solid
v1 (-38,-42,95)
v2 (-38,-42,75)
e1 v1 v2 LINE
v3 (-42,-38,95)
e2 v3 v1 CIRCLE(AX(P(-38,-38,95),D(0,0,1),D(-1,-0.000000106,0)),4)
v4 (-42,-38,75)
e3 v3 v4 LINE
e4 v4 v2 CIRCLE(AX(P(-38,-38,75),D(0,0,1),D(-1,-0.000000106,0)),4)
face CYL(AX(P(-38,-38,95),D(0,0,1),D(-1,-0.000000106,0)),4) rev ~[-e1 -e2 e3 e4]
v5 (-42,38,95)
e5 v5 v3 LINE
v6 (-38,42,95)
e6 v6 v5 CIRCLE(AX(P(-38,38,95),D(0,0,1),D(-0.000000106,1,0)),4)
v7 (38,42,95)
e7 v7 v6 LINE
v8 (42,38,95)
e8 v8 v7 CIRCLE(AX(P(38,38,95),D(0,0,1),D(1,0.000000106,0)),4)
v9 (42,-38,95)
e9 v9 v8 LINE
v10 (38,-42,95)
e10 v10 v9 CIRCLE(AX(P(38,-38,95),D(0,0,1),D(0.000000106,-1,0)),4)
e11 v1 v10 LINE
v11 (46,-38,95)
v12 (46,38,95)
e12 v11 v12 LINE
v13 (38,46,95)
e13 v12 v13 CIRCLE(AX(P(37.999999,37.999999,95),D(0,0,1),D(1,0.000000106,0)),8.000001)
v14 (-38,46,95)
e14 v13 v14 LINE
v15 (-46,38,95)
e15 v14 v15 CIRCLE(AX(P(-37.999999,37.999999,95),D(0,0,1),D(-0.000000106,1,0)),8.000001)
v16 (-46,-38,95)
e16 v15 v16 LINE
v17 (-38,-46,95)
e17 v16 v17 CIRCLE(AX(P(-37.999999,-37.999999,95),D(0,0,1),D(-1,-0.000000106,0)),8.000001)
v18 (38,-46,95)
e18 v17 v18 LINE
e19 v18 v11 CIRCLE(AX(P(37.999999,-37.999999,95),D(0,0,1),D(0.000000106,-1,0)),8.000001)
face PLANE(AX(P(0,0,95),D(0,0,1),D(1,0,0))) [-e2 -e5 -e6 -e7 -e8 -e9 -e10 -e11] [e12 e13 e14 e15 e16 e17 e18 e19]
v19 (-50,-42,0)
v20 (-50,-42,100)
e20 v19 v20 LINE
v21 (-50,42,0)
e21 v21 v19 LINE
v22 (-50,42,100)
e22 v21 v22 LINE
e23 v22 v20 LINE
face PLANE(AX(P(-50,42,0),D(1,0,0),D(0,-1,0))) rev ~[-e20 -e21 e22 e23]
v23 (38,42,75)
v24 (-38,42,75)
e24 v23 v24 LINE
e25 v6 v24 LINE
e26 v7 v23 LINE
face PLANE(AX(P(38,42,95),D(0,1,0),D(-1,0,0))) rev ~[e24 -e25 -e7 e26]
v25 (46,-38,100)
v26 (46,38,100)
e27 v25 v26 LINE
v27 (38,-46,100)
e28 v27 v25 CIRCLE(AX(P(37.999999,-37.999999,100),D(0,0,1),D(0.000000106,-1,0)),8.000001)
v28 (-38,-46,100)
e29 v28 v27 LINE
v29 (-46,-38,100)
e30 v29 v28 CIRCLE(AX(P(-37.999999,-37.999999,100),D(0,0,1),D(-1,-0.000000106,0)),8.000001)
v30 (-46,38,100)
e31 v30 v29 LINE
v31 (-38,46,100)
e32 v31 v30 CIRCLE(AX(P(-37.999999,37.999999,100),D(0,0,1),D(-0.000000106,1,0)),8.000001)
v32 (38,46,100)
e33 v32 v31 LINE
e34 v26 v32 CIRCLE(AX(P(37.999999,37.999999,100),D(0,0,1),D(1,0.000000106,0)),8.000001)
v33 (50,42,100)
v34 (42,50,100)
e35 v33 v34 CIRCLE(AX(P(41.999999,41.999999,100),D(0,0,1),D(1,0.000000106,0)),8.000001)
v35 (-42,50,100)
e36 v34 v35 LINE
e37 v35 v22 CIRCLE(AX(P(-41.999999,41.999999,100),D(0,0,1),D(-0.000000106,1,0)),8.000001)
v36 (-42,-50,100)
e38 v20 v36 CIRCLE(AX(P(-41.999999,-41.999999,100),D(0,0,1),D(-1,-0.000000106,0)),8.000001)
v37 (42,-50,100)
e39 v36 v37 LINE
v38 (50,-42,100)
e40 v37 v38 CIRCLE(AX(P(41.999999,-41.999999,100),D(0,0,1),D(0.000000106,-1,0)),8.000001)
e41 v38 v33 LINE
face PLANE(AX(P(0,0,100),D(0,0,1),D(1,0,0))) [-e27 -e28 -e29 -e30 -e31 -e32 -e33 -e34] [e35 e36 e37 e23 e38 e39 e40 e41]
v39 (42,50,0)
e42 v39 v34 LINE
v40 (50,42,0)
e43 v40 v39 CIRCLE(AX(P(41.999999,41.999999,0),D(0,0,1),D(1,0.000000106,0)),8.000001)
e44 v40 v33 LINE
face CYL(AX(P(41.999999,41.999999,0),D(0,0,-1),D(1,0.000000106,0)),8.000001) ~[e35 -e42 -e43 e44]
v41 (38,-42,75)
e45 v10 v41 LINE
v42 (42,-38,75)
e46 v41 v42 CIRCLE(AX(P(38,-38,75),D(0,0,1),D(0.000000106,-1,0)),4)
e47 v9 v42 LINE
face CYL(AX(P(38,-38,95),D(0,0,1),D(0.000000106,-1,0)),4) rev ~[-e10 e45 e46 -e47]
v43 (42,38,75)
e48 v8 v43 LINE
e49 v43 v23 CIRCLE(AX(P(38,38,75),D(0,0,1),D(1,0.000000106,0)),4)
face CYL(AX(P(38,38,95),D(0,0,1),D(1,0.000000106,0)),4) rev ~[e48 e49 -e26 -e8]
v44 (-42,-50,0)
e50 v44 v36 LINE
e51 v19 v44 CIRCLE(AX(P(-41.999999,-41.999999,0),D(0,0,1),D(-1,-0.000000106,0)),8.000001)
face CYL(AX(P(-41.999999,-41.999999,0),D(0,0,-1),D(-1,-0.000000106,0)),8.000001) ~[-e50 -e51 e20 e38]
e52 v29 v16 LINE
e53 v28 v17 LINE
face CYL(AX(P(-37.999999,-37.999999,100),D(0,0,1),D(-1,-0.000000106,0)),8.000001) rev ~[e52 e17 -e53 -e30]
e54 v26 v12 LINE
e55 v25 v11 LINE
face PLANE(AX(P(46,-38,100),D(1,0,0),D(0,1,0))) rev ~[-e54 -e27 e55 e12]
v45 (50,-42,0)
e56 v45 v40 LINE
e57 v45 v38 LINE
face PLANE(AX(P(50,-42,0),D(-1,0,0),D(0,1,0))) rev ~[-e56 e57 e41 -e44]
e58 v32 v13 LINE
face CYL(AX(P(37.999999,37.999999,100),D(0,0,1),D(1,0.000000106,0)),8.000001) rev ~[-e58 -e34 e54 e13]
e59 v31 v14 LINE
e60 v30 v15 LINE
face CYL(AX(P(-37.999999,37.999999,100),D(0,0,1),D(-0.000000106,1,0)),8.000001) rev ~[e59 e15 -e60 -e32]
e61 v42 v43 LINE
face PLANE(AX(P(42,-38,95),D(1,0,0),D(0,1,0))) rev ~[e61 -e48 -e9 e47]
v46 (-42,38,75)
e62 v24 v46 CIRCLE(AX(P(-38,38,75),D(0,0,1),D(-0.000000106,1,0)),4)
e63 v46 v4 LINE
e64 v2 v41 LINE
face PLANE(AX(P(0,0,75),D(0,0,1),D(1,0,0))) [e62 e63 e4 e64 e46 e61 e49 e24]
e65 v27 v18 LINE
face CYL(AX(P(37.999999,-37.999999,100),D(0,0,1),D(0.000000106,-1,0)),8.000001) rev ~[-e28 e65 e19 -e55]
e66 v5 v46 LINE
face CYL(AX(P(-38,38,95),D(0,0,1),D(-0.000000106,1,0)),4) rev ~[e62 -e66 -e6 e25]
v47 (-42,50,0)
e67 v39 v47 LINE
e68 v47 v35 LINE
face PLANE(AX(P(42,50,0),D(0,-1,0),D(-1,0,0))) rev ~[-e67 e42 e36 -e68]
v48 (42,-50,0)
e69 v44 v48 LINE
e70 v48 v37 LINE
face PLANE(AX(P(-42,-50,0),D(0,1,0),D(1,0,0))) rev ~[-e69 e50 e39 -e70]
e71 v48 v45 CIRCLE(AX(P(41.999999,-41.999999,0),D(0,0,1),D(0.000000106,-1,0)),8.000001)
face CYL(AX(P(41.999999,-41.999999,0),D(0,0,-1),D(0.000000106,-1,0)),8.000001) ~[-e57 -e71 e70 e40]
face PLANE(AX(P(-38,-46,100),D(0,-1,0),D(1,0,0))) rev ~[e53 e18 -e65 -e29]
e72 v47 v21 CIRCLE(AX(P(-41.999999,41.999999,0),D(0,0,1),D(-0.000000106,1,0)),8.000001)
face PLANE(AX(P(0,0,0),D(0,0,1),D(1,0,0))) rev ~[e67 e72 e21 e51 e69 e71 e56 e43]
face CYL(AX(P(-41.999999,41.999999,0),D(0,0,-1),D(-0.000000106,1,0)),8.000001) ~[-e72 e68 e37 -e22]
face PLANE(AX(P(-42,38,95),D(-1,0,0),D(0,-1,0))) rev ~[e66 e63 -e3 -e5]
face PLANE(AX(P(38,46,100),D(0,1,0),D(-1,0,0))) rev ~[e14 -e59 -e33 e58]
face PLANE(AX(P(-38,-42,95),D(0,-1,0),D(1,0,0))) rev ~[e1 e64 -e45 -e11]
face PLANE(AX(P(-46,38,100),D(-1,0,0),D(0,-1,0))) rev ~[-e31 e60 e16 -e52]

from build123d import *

# Parameters (mm, degrees)
F1_DEPTH = 100
F3_DEPTH = 5
F5_DEPTH = 20


with BuildPart() as f1:
    # F0 (on Top) → F1 (new body)
    with BuildSketch(Plane.XY):
        with BuildLine():
            Line((42, 50), (-42, 50))
            ThreePointArc((-42, 50), (-47.656854, 47.656854), (-50, 42))
            Line((-50, 42), (-50, -42))
            ThreePointArc((-50, -42), (-47.656854, -47.656854), (-42, -50))
            Line((-42, -50), (42, -50))
            ThreePointArc((42, -50), (47.656854, -47.656854), (50, -42))
            Line((50, -42), (50, 42))
            ThreePointArc((50, 42), (47.656854, 47.656854), (42, 50))
        make_face()
    extrude(amount=F1_DEPTH)

    # F2 (on face) → F3 (cut)
    with BuildSketch(Plane.XY.offset(100)):
        with BuildLine():
            Line((46, -38), (46, 38))
            ThreePointArc((46, 38), (43.656854, 43.656854), (38, 46))
            Line((38, 46), (-38, 46))
            ThreePointArc((-38, 46), (-43.656854, 43.656854), (-46, 38))
            Line((-46, 38), (-46, -38))
            ThreePointArc((-46, -38), (-43.656854, -43.656854), (-38, -46))
            Line((-38, -46), (38, -46))
            ThreePointArc((38, -46), (43.656854, -43.656854), (46, -38))
        make_face()
    extrude(amount=-F3_DEPTH, mode=Mode.SUBTRACT)

    # F4 (on face) → F5 (cut)
    with BuildSketch(Plane.XY.offset(95)):
        with BuildLine():
            Line((38, 42), (-38, 42))
            ThreePointArc((-38, 42), (-40.828427, 40.828427), (-42, 38))
            Line((-42, 38), (-42, -38))
            ThreePointArc((-42, -38), (-40.828427, -40.828427), (-38, -42))
            Line((-38, -42), (38, -42))
            ThreePointArc((38, -42), (40.828427, -40.828427), (42, -38))
            Line((42, -38), (42, 38))
            ThreePointArc((42, 38), (40.828427, 40.828427), (38, 42))
        make_face()
    extrude(amount=-F5_DEPTH, mode=Mode.SUBTRACT)


solid = f1.part
